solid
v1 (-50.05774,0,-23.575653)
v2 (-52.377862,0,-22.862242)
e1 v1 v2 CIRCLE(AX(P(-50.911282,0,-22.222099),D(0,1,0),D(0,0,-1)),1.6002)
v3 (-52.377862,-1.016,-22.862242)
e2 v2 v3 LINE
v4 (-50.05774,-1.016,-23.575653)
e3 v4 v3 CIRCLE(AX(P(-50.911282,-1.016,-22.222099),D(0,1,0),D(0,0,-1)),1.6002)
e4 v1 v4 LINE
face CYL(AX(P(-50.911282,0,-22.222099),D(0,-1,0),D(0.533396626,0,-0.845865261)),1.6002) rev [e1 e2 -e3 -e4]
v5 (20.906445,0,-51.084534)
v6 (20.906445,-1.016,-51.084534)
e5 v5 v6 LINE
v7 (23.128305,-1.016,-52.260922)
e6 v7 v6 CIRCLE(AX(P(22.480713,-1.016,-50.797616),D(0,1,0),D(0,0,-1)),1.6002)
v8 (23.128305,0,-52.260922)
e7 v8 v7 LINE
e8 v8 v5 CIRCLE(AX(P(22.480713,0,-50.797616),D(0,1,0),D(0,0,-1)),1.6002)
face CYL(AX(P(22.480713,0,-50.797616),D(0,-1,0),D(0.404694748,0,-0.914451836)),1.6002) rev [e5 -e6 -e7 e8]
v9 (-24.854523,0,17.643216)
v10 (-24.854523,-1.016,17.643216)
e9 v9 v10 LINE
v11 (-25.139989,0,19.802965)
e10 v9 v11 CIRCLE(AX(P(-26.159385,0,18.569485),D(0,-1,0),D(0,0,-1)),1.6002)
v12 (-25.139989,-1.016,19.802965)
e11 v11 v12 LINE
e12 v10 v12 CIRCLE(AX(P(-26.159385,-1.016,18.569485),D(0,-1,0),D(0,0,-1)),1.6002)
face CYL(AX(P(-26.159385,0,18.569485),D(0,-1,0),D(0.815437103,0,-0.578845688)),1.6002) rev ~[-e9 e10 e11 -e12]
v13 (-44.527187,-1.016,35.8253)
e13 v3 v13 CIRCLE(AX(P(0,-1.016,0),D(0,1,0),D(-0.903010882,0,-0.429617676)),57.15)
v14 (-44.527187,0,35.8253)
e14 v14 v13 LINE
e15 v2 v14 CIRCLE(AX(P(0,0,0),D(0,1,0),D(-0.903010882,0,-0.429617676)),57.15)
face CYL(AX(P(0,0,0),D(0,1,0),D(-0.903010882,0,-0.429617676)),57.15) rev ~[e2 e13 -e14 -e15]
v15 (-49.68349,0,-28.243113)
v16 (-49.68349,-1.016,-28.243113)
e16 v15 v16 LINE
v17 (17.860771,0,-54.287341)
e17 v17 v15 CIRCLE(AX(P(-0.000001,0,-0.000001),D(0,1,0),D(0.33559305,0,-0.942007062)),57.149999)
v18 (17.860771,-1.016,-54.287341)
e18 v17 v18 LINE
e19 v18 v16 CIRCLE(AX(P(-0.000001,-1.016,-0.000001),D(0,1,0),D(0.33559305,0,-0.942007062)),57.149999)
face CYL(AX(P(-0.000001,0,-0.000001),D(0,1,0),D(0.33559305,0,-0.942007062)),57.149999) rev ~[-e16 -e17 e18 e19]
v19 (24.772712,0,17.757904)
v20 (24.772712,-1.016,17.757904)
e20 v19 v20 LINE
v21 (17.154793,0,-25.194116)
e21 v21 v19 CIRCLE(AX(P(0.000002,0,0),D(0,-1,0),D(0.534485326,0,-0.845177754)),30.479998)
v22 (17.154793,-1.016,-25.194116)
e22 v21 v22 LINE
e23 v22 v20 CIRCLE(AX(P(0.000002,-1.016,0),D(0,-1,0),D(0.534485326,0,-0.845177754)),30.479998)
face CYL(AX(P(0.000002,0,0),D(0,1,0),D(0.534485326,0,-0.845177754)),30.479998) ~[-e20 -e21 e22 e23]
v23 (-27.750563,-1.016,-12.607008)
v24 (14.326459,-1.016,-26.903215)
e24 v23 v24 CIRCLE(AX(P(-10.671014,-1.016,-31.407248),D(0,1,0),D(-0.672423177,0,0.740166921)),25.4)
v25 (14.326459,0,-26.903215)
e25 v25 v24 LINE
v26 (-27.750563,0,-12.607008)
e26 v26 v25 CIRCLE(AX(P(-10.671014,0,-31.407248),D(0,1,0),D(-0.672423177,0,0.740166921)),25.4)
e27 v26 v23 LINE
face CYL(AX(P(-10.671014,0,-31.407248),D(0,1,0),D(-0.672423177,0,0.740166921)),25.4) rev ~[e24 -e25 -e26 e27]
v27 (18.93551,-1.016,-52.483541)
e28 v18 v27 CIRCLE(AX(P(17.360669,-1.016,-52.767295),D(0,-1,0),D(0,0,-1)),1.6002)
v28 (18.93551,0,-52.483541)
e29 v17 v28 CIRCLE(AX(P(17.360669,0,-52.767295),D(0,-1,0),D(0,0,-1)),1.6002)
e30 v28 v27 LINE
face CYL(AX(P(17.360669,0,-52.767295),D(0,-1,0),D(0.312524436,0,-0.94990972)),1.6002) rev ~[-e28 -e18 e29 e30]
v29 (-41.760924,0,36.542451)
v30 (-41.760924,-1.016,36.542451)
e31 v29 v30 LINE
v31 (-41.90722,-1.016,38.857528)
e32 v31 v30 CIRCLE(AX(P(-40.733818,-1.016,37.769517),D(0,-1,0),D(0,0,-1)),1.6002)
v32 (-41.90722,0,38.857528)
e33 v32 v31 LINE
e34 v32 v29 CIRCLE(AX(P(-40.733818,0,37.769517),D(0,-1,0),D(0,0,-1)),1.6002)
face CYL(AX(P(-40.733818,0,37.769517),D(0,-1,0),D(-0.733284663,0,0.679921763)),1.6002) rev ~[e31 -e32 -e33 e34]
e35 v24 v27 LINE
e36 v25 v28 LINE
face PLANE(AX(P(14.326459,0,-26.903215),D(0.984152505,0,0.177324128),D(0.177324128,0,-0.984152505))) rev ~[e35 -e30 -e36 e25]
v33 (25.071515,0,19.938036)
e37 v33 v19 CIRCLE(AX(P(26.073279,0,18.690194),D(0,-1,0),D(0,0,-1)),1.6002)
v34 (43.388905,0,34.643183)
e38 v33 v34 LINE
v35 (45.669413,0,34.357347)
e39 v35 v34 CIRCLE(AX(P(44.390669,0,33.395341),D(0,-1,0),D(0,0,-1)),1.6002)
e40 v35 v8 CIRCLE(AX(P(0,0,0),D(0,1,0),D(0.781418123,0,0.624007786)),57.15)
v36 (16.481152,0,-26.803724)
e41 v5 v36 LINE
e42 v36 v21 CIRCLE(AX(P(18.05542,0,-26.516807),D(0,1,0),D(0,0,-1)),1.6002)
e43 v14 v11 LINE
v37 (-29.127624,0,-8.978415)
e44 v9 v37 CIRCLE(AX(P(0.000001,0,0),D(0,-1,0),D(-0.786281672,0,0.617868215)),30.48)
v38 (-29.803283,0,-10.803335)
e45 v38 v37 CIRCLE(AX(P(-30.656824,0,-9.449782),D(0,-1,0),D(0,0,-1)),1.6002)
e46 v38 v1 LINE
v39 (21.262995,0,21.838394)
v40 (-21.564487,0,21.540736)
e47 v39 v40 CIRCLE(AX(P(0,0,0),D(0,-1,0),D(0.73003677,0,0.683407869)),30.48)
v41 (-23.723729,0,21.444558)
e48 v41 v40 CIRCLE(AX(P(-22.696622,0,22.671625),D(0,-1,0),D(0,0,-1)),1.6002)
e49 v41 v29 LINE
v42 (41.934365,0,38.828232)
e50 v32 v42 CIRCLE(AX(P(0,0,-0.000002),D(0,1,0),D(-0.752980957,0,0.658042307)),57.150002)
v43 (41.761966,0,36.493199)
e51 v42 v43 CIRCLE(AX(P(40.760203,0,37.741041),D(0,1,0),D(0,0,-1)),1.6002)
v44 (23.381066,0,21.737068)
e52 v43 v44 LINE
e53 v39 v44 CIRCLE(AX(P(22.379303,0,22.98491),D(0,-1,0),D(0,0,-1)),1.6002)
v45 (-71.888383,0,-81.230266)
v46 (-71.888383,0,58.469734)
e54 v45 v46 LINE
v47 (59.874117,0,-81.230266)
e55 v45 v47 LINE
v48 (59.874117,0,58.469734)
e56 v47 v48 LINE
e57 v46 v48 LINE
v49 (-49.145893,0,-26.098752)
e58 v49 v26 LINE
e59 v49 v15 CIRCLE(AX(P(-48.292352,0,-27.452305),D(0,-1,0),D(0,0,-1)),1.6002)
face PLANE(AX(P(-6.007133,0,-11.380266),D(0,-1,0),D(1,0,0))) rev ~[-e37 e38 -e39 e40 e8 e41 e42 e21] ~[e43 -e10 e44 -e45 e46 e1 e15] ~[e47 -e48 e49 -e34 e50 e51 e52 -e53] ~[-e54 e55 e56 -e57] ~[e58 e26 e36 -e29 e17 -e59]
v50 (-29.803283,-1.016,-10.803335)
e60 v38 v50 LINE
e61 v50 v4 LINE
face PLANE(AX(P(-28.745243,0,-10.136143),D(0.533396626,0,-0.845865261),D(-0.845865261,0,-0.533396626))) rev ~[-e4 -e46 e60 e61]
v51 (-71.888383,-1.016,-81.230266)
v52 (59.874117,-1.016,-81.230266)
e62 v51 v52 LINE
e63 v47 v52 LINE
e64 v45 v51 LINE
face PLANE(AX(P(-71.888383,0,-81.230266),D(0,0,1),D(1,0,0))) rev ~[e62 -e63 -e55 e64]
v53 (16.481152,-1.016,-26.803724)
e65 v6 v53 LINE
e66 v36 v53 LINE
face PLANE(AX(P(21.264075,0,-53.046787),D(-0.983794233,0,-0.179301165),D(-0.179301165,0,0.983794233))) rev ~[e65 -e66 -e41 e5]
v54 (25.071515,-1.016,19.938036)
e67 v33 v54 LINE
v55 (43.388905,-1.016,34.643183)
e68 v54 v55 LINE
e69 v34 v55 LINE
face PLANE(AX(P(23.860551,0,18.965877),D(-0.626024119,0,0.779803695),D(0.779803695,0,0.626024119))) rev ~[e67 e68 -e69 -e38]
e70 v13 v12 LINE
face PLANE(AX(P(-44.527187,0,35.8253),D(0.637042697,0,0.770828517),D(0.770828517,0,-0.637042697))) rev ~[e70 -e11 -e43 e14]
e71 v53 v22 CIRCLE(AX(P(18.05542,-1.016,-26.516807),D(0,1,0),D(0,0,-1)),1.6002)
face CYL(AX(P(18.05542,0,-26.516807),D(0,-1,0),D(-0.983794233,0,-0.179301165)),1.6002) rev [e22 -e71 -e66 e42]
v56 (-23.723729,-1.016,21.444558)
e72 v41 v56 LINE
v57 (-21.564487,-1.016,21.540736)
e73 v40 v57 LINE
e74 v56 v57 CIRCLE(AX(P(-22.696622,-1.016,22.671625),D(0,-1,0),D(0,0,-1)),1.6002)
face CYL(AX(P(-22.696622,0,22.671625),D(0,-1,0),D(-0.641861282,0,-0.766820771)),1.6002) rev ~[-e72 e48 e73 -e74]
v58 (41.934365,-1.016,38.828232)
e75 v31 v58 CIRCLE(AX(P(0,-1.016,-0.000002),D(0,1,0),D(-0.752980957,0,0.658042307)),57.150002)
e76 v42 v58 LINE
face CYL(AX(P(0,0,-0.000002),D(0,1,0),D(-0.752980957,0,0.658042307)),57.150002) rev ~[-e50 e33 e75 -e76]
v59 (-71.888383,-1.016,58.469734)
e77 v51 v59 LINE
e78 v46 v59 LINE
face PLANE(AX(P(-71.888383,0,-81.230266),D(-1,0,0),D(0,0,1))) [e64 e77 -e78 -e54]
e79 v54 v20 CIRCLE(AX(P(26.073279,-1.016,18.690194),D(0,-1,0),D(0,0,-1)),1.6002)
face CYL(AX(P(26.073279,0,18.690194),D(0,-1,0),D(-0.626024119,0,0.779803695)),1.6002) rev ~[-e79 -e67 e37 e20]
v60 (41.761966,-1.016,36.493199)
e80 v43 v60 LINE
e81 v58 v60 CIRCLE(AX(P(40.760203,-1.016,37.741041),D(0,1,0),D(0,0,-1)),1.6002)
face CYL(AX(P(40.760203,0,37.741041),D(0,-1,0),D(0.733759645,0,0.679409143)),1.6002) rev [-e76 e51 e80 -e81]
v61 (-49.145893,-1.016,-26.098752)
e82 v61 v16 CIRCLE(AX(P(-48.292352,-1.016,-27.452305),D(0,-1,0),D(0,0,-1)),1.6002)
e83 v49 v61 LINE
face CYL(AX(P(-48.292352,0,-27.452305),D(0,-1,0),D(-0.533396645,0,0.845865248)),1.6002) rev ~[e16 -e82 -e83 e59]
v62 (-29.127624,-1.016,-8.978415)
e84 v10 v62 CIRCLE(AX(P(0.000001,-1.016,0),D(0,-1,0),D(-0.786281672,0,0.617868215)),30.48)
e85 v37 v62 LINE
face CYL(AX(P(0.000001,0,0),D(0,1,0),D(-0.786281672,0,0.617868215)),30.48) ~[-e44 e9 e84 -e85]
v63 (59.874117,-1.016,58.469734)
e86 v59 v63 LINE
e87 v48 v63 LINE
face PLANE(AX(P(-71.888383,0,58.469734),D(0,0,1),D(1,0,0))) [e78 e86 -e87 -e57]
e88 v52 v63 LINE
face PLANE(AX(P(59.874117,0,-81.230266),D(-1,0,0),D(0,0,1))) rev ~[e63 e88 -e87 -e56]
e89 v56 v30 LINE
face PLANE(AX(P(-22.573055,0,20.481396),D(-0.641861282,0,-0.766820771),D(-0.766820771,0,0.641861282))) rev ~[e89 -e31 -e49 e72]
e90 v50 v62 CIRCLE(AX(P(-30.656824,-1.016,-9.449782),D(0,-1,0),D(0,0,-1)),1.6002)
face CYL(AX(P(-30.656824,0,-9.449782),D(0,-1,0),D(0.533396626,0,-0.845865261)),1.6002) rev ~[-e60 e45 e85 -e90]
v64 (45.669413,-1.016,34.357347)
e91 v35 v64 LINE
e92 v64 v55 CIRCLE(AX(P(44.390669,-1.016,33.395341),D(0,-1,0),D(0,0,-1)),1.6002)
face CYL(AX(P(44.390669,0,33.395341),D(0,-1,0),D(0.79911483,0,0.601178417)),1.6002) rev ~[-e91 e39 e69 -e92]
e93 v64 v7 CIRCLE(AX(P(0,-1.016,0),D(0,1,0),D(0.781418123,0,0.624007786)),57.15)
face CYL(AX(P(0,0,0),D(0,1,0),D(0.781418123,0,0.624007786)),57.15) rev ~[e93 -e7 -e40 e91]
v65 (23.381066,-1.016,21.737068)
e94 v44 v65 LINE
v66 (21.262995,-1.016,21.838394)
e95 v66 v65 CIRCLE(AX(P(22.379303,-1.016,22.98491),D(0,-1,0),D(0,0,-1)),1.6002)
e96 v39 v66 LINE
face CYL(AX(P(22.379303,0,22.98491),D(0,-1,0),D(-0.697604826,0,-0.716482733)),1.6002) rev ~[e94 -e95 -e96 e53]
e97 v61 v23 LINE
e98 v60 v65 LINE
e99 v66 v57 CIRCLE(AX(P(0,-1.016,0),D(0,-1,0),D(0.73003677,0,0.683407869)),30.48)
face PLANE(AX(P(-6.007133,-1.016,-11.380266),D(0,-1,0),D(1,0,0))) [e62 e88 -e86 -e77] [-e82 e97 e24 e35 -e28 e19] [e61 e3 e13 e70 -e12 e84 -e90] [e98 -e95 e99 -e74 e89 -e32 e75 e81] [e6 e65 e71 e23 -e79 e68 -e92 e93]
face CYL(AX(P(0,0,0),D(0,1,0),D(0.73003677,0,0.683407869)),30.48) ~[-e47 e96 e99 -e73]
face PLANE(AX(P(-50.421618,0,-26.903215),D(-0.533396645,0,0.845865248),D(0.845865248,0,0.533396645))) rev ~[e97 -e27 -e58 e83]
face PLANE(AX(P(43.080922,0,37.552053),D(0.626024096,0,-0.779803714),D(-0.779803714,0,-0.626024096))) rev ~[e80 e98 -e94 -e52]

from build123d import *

# Parameters (mm, degrees)
F0_W     = 131.7625
F0_H     = 139.7
F1_DEPTH = 1.016
F2_R     = 1.6002


with BuildPart() as f1:
    # F0 (on Front) → F1 (new body)
    with BuildSketch(Plane.XZ):
        with Locations((-6.007133, -11.380266)):
            Rectangle(F0_W, F0_H)
        with BuildLine():
            ThreePointArc((-27.750563, -12.607008), (-2.499799, -7.357482), (14.326459, -26.903215))
            Line((14.326459, -26.903215), (19.179142, -53.835704))
            ThreePointArc((19.179142, -53.835704), (-20.624326, -53.298778), (-50.421618, -26.903215))
            Line((-50.421618, -26.903215), (-27.750563, -12.607008))
        make_face(mode=Mode.SUBTRACT)
        with BuildLine():
            ThreePointArc((-51.607072, -24.55265), (-56.761106, 6.655776), (-44.527187, 35.8253))
            Line((-44.527187, 35.8253), (-23.965865, 18.832623))
            ThreePointArc((-23.965865, 18.832623), (-30.073453, 4.961633), (-28.745243, -10.136143))
            Line((-28.745243, -10.136143), (-51.607072, -24.55265))
        make_face(mode=Mode.SUBTRACT)
        with BuildLine():
            Line((21.264075, -53.046787), (16.291114, -25.761017))
            ThreePointArc((16.291114, -25.761017), (30.052668, -5.086018), (23.860551, 18.965877))
            Line((23.860551, 18.965877), (44.658046, 35.662045))
            ThreePointArc((44.658046, 35.662045), (55.260707, -14.573153), (21.264075, -53.046787))
        make_face(mode=Mode.SUBTRACT)
        with BuildLine():
            Line((43.080922, 37.552053), (22.251521, 20.830272))
            ThreePointArc((22.251521, 20.830272), (-0.237223, 30.479077), (-22.573055, 20.481396))
            Line((-22.573055, 20.481396), (-43.032863, 37.607117))
            ThreePointArc((-43.032863, 37.607117), (0.036543, 57.149988), (43.080922, 37.552053))
        make_face(mode=Mode.SUBTRACT)
    extrude(amount=F1_DEPTH)

    # F2
    f2_edges = [f1.edges().sort_by_distance(p)[0] for p in [
        (-23.965865, -0.508, 18.832623),
        (-28.745243, -0.508, -10.136143),
        (19.179142, -0.508, -53.835704),
        (21.264075, -0.508, -53.046787),
        (-51.607072, -0.508, -24.55265),
        (22.251521, -0.508, 20.830272),
        (-22.573055, -0.508, 20.481396),
        (23.860551, -0.508, 18.965877),
        (16.291114, -0.508, -25.761017),
        (-43.032863, -0.508, 37.607117),
        (-50.421618, -0.508, -26.903215),
        (43.080922, -0.508, 37.552053),
        (44.658046, -0.508, 35.662045),
    ]]
    fillet(f2_edges, radius=F2_R)


solid = f1.part
